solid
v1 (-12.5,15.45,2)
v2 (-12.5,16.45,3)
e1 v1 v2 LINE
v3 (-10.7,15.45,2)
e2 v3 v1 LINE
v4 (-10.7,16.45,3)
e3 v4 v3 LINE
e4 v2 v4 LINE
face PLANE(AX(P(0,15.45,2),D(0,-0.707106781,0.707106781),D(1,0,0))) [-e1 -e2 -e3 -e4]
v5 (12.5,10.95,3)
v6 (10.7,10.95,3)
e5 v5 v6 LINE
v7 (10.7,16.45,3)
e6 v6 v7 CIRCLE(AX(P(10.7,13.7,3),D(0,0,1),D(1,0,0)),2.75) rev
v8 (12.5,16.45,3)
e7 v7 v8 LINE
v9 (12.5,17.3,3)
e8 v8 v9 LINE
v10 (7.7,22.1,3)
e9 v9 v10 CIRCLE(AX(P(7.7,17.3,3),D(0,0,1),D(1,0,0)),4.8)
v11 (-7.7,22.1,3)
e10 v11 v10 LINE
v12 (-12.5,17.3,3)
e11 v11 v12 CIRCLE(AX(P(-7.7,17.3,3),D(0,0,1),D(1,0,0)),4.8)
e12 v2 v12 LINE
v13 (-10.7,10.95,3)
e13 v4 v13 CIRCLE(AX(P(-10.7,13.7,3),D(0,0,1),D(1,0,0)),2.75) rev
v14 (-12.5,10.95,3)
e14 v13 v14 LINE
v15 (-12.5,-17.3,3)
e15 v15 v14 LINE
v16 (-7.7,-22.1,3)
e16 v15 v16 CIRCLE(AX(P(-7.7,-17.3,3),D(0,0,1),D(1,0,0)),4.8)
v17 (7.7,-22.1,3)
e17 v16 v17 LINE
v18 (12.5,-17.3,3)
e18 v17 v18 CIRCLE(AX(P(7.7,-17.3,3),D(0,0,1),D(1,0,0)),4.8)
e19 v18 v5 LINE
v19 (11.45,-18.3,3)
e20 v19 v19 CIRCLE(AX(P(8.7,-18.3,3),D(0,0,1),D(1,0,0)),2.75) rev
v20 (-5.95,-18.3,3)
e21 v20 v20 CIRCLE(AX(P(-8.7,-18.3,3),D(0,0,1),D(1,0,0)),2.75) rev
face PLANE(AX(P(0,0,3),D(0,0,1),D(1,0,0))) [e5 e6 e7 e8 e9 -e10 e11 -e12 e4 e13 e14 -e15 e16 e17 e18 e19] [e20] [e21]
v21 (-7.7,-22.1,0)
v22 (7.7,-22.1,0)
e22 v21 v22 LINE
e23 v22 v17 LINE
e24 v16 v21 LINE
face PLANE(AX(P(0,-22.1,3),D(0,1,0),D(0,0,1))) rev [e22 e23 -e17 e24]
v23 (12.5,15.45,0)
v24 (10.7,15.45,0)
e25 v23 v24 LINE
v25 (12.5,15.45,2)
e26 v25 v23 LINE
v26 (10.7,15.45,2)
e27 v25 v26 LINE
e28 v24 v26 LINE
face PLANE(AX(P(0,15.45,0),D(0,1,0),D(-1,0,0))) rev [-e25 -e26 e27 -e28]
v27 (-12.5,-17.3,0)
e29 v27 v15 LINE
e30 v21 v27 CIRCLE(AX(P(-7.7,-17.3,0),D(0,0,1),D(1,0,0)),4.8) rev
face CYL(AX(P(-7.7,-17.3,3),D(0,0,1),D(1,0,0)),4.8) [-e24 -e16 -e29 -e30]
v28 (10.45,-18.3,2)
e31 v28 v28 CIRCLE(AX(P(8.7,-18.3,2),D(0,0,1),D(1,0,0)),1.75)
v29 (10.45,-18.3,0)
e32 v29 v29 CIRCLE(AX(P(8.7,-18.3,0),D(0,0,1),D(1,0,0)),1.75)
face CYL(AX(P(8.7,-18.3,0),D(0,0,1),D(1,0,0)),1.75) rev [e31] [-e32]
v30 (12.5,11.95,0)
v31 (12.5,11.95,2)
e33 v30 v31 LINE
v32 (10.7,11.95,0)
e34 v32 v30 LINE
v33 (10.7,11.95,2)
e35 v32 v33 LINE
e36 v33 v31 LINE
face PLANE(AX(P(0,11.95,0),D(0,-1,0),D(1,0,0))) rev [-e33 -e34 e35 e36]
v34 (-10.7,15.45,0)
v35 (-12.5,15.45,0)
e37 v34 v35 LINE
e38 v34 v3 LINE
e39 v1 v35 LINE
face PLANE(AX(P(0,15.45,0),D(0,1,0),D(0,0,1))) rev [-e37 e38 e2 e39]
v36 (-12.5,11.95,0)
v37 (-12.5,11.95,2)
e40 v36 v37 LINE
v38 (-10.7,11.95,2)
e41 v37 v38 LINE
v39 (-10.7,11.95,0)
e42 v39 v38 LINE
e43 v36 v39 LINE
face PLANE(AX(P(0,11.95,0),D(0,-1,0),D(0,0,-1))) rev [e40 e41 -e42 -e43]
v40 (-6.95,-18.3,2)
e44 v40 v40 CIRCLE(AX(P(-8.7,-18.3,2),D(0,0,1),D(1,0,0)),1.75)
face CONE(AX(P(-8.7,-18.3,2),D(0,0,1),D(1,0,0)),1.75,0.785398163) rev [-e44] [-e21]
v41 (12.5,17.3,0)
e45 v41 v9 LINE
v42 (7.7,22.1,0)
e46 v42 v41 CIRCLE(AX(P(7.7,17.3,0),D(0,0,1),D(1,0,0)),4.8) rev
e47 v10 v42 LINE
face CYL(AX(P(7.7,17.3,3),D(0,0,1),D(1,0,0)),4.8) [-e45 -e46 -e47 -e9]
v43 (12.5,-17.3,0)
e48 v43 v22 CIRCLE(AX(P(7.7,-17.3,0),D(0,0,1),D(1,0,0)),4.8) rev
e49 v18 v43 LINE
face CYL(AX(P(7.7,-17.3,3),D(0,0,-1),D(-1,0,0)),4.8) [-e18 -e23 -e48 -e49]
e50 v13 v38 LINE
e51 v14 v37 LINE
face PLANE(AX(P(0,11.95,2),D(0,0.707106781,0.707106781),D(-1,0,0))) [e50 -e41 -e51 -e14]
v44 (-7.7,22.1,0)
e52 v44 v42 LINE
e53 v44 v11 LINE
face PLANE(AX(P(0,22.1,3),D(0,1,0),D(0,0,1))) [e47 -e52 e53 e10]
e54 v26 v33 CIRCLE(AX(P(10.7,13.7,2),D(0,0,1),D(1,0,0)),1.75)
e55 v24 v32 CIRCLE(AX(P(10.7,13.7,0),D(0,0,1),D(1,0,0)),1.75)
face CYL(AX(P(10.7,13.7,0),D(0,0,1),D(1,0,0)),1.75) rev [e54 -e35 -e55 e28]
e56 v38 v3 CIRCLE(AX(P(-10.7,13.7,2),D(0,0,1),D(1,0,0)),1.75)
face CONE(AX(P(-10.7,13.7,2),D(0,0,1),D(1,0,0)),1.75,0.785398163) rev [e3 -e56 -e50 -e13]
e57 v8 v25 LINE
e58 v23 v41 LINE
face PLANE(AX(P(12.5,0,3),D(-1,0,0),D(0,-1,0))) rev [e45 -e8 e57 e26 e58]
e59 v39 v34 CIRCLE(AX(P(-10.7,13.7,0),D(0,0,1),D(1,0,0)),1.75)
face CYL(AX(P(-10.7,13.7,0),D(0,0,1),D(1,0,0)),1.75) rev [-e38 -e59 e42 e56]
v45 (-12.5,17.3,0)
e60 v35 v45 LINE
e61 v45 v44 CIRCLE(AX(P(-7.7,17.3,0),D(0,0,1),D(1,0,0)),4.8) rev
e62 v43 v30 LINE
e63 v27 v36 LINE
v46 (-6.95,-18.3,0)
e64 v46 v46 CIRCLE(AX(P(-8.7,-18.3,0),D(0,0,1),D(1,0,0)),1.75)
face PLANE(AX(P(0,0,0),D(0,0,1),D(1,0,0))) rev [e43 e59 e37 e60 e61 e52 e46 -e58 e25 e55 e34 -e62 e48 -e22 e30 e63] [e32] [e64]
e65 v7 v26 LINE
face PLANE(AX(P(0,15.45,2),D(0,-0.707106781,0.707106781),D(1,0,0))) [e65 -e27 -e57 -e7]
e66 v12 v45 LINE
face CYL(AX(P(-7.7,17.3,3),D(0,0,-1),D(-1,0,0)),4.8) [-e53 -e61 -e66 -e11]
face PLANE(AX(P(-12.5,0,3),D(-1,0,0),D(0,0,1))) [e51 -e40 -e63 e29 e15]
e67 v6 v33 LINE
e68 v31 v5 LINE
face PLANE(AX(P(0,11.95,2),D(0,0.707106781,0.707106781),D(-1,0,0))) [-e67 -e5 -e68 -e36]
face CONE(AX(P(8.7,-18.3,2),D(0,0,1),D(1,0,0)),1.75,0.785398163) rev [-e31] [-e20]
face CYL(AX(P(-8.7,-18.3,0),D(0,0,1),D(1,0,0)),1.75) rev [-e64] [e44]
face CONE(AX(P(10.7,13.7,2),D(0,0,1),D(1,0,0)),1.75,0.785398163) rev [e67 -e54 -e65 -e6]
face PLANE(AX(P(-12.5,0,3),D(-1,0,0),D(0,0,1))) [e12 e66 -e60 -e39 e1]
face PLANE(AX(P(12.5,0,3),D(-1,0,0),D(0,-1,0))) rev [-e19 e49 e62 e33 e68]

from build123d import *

# Parameters (mm, degrees)
SZKIC1_W                    = 25
SZKIC1_H                    = 44.2
DODANIE_WYCI_GNI_CIE1_DEPTH = 3
ZAOKR_GLENIE1_R             = 4.8
SZKIC2_R                    = 1.75
WYTNIJ_WYCI_GNI_CIE1_DEPTH  = 3
SFAZOWANIE1_SIZE            = 1


with BuildPart() as part:
    # Szkic1 → Dodanie-wyciągnięcie1 (new body)
    with BuildSketch(Plane.XY):
        Rectangle(SZKIC1_W, SZKIC1_H)
    extrude(amount=DODANIE_WYCI_GNI_CIE1_DEPTH)

    # Zaokrąglenie1
    zaokr_glenie1_edges = [part.edges().sort_by_distance(p)[0] for p in [
        (-12.5, 22.1, 1.5),
        (12.5, 22.1, 1.5),
        (12.5, -22.1, 1.5),
        (-12.5, -22.1, 1.5),
    ]]
    fillet(zaokr_glenie1_edges, radius=ZAOKR_GLENIE1_R)

    # Szkic2 → Wytnij-wyciągnięcie1 (cut)
    with BuildSketch(Plane.XY.offset(3)):
        with Locations((-8.7, -18.3)):
            Circle(SZKIC2_R)
        with Locations((8.7, -18.3)):
            Circle(SZKIC2_R)
        with BuildLine():
            Line((12.5, 11.95), (12.5, 15.45))
            Line((12.5, 15.45), (10.7, 15.45))
            ThreePointArc((10.7, 15.45), (11.937436867, 14.937436867), (12.45, 13.7))
            ThreePointArc((12.45, 13.7), (11.937436867, 12.462563133), (10.7, 11.95))
            Line((10.7, 11.95), (12.5, 11.95))
        make_face()
        with Locations((10.7, 13.7)):
            Circle(SZKIC2_R)
        with Locations((-10.7, 13.7)):
            Circle(SZKIC2_R)
        with BuildLine():
            ThreePointArc((-10.7, 11.95), (-12.45, 13.7), (-10.7, 15.45))
            Line((-10.7, 15.45), (-12.5, 15.45))
            Line((-12.5, 15.45), (-12.5, 11.95))
            Line((-12.5, 11.95), (-10.7, 11.95))
        make_face()
    extrude(amount=-WYTNIJ_WYCI_GNI_CIE1_DEPTH, mode=Mode.SUBTRACT)

    # Sfazowanie1
    sfazowanie1_edges = [part.edges().sort_by_distance(p)[0] for p in [
        (-11.6, 11.95, 3),
        (-8.95, 13.7, 3),
        (-11.6, 15.45, 3),
        (11.6, 11.95, 3),
        (11.6, 15.45, 3),
        (8.95, 13.7, 3),
        (6.95, -18.3, 3),
        (-10.45, -18.3, 3),
    ]]
    chamfer(sfazowanie1_edges, length=SFAZOWANIE1_SIZE)


solid = part.part
